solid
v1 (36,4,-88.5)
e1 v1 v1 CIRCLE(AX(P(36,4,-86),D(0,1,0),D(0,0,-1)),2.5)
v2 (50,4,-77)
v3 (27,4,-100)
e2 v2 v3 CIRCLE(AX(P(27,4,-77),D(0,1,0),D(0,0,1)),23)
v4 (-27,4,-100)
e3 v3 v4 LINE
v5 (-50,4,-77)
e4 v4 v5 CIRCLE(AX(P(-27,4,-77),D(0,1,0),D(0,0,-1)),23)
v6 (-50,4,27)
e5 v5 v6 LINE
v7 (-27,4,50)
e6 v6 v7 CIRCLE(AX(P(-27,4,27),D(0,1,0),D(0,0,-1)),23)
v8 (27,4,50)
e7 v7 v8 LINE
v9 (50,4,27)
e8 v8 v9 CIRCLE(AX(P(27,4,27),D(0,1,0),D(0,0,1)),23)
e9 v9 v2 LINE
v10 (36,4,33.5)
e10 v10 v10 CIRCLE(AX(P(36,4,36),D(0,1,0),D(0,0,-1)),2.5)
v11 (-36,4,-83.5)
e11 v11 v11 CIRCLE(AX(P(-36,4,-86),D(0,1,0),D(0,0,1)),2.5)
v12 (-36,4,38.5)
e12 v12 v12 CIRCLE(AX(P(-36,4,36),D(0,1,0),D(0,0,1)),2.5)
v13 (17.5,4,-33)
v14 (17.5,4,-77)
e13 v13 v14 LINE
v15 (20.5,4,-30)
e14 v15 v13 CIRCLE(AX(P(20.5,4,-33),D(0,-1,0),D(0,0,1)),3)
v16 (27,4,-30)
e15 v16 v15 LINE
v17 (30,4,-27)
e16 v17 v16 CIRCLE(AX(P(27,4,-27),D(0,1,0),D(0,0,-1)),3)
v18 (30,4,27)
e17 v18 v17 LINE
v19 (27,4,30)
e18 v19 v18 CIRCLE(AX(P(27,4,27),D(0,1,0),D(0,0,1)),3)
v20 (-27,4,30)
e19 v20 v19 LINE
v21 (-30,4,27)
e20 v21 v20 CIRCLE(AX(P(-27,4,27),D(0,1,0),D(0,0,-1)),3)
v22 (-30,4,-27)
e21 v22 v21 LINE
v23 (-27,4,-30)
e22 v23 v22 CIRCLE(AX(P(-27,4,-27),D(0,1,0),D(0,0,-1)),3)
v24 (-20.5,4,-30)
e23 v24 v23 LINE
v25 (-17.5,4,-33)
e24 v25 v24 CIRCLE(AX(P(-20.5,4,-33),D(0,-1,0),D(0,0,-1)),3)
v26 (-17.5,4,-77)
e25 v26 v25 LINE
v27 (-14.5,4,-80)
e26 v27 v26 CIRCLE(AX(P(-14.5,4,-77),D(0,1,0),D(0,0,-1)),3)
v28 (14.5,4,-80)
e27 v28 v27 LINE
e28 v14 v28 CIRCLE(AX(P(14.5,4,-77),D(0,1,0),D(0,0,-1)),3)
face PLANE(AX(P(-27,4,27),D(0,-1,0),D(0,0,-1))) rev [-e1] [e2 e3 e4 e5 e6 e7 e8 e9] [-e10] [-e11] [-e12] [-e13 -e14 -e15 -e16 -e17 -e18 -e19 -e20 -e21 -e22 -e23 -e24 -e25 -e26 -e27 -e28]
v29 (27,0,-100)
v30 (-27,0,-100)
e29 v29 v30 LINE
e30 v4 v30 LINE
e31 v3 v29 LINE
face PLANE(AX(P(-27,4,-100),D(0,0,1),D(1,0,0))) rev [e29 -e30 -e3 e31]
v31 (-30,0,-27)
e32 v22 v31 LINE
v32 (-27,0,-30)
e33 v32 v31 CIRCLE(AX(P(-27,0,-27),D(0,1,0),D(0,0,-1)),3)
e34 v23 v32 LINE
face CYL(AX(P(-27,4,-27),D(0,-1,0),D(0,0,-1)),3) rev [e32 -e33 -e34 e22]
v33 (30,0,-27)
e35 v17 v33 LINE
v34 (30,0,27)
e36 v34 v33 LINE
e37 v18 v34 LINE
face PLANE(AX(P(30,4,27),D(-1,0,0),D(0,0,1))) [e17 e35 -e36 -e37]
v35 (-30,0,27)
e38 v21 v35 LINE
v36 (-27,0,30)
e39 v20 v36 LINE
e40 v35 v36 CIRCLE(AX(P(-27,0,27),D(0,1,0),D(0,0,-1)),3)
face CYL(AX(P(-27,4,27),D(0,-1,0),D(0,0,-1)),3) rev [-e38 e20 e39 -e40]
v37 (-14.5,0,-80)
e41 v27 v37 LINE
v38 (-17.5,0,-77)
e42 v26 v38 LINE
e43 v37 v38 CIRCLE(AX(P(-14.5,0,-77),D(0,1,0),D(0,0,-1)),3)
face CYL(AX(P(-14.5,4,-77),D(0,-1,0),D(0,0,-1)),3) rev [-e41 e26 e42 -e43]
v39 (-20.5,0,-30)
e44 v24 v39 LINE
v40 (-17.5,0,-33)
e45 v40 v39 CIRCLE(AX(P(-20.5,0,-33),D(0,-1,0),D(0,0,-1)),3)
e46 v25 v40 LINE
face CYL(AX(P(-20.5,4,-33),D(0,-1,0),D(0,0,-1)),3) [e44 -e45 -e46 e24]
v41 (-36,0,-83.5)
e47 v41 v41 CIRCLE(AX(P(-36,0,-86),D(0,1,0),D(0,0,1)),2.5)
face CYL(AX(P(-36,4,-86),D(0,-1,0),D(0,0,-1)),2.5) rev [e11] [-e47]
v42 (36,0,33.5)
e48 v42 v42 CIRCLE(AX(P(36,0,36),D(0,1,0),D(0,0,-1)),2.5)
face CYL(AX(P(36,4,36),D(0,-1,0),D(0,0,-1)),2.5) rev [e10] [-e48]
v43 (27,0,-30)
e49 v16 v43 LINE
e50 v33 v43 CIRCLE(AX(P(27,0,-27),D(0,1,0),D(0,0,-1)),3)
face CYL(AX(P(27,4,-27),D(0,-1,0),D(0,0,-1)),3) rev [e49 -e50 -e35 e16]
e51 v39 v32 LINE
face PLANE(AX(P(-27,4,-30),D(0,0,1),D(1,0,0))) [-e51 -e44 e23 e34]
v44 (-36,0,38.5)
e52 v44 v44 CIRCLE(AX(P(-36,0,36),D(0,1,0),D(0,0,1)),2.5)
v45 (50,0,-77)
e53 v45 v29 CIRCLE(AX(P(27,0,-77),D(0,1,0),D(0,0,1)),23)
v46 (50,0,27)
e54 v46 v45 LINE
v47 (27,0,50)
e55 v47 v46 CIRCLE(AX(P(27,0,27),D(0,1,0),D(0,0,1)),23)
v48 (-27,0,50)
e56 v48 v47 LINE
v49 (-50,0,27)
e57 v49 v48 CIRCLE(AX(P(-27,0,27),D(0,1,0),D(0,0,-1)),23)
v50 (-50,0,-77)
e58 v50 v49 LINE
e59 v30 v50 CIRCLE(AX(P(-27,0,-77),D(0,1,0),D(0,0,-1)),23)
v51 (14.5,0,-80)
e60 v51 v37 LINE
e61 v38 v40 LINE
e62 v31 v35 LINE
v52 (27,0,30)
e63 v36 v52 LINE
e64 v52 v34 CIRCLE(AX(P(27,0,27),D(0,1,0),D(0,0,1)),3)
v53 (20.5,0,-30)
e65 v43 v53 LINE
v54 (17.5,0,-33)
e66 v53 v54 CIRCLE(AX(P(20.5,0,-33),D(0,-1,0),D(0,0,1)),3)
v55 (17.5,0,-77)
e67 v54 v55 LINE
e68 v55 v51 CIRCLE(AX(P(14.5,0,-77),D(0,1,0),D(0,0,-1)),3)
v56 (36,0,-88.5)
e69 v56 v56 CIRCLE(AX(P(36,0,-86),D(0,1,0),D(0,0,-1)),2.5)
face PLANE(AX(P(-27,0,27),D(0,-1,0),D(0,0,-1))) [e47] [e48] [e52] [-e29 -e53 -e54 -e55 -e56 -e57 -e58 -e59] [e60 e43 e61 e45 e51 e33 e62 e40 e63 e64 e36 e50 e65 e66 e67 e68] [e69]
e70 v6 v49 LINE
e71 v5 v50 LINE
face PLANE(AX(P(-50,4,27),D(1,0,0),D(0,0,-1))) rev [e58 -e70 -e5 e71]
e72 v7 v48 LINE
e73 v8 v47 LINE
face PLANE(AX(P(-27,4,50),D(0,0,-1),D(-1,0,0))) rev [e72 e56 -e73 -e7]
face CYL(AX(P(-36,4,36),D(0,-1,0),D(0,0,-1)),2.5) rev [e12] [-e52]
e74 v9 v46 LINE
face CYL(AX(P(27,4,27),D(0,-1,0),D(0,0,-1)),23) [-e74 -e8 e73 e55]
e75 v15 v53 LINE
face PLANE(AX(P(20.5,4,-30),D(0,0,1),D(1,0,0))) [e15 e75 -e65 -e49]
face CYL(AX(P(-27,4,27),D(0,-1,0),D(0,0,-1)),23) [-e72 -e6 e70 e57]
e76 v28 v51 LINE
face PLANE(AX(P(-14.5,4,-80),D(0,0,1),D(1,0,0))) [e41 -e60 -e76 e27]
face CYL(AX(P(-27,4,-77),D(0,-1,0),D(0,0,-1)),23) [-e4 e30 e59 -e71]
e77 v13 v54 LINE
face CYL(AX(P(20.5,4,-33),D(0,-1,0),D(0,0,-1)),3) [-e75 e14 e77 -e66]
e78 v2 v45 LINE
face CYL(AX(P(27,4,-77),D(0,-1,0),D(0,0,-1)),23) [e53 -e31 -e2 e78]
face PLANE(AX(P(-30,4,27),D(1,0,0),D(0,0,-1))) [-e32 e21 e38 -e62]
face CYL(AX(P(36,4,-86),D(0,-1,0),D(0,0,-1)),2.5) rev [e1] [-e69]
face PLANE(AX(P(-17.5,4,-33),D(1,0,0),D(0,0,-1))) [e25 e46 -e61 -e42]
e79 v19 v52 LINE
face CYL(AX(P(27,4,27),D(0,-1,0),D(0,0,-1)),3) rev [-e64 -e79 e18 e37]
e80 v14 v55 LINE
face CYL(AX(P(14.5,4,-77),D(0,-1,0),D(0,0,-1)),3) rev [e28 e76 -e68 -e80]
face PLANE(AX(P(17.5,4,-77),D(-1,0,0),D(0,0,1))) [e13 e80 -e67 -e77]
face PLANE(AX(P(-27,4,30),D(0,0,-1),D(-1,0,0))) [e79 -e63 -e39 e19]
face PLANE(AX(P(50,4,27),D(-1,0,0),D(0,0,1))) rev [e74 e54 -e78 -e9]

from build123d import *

# Parameters (mm, degrees)
SKETCH1_R           = 2.5
BOSS_EXTRUDE2_DEPTH = 4


with BuildPart() as part:
    # Sketch1 → Boss-Extrude2 (new body)
    with BuildSketch(Plane(origin=(0, 0, 0), x_dir=(1, 0, 0), z_dir=(0, 1, 0))):
        with BuildLine():
            Line((-50, -27), (-50, 77))
            ThreePointArc((-50, 77), (-43.263455967, 93.263455967), (-27, 100))
            Line((-27, 100), (27, 100))
            ThreePointArc((27, 100), (43.263455967, 93.263455967), (50, 77))
            Line((50, 77), (50, -27))
            ThreePointArc((50, -27), (43.263455967, -43.263455967), (27, -50))
            Line((27, -50), (-27, -50))
            ThreePointArc((-27, -50), (-43.263455967, -43.263455967), (-50, -27))
        make_face()
        with Locations((-36, -36)):
            Circle(SKETCH1_R, mode=Mode.SUBTRACT)
        with Locations((-36, 86)):
            Circle(SKETCH1_R, mode=Mode.SUBTRACT)
        with Locations((36, -36)):
            Circle(SKETCH1_R, mode=Mode.SUBTRACT)
        with Locations((36, 86)):
            Circle(SKETCH1_R, mode=Mode.SUBTRACT)
        with BuildLine():
            Line((-27, -30), (27, -30))
            ThreePointArc((27, -30), (29.121320344, -29.121320344), (30, -27))
            Line((30, -27), (30, 27))
            ThreePointArc((30, 27), (29.121320344, 29.121320344), (27, 30))
            Line((27, 30), (20.5, 30))
            ThreePointArc((20.5, 30), (18.378679656, 30.878679656), (17.5, 33))
            Line((17.5, 33), (17.5, 77))
            ThreePointArc((17.5, 77), (16.621320344, 79.121320344), (14.5, 80))
            Line((14.5, 80), (-14.5, 80))
            ThreePointArc((-14.5, 80), (-16.621320344, 79.121320344), (-17.5, 77))
            Line((-17.5, 77), (-17.5, 33))
            ThreePointArc((-17.5, 33), (-18.378679656, 30.878679656), (-20.5, 30))
            Line((-20.5, 30), (-27, 30))
            ThreePointArc((-27, 30), (-29.121320344, 29.121320344), (-30, 27))
            Line((-30, 27), (-30, -27))
            ThreePointArc((-30, -27), (-29.121320344, -29.121320344), (-27, -30))
        make_face(mode=Mode.SUBTRACT)
    extrude(amount=BOSS_EXTRUDE2_DEPTH)


solid = part.part
